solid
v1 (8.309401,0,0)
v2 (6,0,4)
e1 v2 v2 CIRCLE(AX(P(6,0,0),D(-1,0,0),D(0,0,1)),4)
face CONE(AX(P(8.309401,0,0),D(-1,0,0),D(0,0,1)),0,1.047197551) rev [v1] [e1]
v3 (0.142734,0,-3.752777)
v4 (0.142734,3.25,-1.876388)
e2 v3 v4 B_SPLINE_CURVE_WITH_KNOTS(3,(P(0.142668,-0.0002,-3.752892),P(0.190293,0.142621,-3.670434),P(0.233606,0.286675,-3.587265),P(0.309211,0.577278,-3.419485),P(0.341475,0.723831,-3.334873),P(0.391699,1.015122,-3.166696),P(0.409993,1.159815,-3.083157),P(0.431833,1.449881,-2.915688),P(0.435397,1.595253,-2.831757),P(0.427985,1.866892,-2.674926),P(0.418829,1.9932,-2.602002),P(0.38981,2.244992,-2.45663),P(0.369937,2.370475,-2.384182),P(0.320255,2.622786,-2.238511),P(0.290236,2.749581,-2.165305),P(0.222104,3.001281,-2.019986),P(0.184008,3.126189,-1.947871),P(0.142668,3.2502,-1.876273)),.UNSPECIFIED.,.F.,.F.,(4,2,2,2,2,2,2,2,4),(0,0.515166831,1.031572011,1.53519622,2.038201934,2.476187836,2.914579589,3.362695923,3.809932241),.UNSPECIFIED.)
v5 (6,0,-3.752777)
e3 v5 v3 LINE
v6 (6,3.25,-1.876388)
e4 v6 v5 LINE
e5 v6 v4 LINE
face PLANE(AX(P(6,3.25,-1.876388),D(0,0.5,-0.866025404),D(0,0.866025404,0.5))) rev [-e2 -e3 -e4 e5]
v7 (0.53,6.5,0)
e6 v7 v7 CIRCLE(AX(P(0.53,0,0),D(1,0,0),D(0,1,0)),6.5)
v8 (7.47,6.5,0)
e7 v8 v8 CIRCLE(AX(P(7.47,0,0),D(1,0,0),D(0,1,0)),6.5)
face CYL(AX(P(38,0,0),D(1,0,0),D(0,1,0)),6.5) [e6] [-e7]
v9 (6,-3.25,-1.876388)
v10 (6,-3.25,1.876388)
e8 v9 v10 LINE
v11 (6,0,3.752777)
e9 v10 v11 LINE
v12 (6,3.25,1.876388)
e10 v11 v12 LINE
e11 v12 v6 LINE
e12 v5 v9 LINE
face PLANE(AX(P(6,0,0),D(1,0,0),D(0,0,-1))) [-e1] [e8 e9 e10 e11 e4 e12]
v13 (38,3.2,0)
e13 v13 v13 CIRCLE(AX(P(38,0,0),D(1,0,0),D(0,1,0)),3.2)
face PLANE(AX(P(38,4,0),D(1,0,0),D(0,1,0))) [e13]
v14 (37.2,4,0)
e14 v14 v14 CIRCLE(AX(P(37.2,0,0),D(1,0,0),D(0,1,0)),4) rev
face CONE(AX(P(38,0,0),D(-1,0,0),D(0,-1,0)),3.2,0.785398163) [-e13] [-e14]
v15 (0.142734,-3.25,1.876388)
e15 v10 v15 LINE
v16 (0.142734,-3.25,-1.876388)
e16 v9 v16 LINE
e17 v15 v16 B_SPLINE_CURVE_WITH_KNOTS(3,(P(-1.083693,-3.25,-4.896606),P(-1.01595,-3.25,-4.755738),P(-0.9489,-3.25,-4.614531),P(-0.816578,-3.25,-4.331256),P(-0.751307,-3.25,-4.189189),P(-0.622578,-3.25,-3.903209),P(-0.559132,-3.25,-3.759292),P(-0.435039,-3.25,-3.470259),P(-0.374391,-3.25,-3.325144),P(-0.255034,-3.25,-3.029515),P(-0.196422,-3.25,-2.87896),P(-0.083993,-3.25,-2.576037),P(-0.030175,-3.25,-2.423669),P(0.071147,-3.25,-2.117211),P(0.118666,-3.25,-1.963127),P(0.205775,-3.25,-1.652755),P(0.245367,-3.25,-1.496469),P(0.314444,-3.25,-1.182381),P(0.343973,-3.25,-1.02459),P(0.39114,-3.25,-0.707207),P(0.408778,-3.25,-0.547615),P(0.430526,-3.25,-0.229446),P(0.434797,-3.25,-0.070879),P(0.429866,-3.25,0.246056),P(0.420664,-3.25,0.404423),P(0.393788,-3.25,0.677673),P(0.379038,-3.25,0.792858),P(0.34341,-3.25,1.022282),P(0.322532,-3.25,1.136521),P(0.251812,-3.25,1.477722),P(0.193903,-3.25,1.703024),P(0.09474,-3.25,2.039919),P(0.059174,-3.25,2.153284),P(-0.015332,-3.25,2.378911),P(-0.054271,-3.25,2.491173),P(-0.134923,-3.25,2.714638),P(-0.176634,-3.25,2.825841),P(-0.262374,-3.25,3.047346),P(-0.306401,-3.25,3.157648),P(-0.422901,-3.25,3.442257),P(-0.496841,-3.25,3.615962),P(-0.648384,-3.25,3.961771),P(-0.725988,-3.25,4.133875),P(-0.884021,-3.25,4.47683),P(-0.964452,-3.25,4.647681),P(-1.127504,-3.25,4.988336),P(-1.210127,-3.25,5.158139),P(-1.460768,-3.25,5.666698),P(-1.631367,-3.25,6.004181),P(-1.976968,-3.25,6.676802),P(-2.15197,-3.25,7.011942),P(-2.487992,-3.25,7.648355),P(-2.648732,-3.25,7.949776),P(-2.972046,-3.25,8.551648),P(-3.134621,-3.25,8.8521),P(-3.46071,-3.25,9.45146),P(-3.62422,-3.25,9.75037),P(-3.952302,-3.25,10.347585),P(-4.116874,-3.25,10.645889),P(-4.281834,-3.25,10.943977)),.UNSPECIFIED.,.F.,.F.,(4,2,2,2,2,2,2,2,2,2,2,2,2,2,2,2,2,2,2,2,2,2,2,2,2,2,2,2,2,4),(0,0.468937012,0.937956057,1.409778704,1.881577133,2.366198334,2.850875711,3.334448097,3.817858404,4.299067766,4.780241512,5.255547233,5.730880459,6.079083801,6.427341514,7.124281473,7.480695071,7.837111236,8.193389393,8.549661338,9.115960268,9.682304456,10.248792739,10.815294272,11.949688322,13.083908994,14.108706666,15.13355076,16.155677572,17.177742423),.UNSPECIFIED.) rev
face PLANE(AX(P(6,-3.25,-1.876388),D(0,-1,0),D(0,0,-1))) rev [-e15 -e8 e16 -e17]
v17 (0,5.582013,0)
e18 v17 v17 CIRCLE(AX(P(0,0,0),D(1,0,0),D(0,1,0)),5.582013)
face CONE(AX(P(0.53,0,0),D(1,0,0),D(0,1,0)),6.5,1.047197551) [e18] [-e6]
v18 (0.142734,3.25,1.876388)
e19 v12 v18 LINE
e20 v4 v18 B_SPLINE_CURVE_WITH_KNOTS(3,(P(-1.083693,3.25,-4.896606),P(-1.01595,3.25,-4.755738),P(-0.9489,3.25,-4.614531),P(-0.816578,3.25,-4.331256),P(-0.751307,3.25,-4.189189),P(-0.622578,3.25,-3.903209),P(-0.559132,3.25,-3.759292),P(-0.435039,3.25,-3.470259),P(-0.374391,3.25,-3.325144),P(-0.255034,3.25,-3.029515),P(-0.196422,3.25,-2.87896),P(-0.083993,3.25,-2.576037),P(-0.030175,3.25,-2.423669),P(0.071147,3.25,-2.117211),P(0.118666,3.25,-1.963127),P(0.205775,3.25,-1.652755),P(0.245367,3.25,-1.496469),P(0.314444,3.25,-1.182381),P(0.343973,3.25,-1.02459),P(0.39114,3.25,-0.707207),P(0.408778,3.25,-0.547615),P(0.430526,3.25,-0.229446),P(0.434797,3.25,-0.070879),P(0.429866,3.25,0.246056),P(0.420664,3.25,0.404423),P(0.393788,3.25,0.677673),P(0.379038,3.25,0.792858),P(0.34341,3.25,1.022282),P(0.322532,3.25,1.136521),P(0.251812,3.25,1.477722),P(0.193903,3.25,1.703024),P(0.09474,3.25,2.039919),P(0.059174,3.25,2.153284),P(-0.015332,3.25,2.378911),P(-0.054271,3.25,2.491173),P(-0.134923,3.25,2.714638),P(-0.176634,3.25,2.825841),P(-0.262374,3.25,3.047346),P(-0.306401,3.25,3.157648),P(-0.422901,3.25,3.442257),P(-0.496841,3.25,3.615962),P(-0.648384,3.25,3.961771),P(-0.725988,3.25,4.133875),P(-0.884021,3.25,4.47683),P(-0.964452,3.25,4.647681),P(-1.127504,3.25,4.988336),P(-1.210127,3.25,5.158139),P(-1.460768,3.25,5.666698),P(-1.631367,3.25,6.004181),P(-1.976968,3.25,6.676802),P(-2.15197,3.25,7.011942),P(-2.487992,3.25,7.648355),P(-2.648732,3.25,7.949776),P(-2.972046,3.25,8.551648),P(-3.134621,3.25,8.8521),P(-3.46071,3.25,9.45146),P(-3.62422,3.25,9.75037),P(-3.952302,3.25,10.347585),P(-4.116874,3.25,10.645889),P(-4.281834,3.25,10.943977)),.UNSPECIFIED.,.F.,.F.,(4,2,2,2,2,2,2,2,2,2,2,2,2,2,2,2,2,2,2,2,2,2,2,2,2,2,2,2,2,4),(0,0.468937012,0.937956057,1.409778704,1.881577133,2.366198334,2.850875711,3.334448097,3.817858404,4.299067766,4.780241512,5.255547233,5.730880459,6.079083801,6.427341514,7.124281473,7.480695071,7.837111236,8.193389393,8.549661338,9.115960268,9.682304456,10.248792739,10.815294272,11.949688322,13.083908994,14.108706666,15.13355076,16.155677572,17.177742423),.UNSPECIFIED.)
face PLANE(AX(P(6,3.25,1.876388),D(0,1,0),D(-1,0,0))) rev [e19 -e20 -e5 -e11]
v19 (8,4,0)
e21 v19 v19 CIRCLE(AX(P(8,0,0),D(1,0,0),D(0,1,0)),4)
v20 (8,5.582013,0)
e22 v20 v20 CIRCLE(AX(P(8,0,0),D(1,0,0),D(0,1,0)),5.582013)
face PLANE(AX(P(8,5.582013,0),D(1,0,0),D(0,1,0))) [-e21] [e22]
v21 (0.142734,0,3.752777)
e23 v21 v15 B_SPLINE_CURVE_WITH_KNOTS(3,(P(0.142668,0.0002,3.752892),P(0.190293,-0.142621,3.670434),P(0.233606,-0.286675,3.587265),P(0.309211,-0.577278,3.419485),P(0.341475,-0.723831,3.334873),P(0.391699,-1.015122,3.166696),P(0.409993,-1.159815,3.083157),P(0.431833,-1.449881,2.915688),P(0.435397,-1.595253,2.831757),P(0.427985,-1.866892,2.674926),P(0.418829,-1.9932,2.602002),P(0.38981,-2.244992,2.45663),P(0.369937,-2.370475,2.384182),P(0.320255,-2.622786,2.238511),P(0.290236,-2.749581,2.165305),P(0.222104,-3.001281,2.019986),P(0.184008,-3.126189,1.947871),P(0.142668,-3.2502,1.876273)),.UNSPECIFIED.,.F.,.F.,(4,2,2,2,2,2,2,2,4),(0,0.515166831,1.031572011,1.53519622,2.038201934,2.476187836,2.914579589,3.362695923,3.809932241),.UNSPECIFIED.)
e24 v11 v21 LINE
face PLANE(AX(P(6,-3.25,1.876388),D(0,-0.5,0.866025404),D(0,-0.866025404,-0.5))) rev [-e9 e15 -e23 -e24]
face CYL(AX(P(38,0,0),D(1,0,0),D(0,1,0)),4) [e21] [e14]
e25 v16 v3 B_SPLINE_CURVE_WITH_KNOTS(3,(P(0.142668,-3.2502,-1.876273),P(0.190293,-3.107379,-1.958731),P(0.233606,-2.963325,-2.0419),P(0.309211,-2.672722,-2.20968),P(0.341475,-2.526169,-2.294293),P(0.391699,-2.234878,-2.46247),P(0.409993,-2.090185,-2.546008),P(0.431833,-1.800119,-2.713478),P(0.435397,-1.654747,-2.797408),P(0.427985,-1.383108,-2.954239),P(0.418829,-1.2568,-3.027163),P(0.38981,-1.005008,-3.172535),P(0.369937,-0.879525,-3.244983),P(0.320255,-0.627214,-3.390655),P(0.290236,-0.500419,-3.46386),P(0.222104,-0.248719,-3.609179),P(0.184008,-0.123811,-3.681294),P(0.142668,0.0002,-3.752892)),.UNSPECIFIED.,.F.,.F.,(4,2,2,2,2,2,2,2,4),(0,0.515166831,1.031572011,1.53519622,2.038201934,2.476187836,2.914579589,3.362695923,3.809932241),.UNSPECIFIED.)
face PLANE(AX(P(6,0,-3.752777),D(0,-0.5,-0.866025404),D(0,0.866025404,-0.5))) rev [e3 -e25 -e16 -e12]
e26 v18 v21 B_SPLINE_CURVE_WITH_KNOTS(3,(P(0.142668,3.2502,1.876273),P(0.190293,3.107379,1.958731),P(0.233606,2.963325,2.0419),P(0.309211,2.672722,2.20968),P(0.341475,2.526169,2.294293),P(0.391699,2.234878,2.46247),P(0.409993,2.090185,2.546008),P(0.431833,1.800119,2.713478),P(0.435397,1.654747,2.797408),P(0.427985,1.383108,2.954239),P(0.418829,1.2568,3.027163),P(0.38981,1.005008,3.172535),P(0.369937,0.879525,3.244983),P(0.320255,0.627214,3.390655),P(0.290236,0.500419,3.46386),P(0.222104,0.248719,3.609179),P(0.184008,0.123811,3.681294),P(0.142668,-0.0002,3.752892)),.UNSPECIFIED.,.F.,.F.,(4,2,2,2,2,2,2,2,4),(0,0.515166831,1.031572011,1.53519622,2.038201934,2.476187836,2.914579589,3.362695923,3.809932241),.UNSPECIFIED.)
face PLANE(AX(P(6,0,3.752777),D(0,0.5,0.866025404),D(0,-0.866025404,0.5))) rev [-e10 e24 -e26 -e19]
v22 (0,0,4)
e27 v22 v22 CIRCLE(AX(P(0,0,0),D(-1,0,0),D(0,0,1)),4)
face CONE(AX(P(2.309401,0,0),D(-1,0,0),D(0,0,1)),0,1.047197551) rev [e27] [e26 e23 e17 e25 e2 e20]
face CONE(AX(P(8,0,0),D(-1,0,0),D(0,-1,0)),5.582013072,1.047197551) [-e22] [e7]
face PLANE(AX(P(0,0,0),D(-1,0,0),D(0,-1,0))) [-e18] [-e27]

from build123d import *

# Parameters (mm, degrees)
CHAMFER1_SIZE      = 0.8
CUT_EXTRUDE1_DEPTH = 6


with BuildPart() as part:
    # Sketch1 → Revolve1 (revolve)
    with BuildSketch(Plane.XY):
        Polygon((0, 0), (0, 5.582013072), (0.53, 6.5), (7.47, 6.5), (8, 5.582013072), (8, 4), (38, 4), (38, 0), align=None)
    revolve(axis=Axis((38, 0, 0), (-1, 0, 0)))

    # Chamfer1
    chamfer1_edges = [part.edges().sort_by_distance(p)[0] for p in [
        (38, -4, 0),
    ]]
    chamfer(chamfer1_edges, length=CHAMFER1_SIZE)

    # Sketch2 → Cut-Extrude1 (cut)
    with BuildSketch(Plane.ZY):
        Polygon((3.75277675, 0), (1.876388375, 3.25), (-1.876388375, 3.25), (-3.75277675, 0), (-1.876388375, -3.25), (1.876388375, -3.25), align=None)
    extrude(amount=-CUT_EXTRUDE1_DEPTH, mode=Mode.SUBTRACT)

    # Sketch4 → Cut-Revolve1 (revolve, cut)
    with BuildSketch(Plane.XY, mode=Mode.PRIVATE) as cut_revolve1_sk:
        Polygon((0, 0), (0, 4), (2.309401077, 0), align=None)
        Polygon((6, 0), (6, 4), (8.309401077, 0), align=None)
    revolve(cut_revolve1_sk.sketch.rotate(Axis((0, 0, 0), (1, 0, 0)), 90), axis=Axis((0, 0, 0), (1, 0, 0)), mode=Mode.SUBTRACT)


solid = part.part
